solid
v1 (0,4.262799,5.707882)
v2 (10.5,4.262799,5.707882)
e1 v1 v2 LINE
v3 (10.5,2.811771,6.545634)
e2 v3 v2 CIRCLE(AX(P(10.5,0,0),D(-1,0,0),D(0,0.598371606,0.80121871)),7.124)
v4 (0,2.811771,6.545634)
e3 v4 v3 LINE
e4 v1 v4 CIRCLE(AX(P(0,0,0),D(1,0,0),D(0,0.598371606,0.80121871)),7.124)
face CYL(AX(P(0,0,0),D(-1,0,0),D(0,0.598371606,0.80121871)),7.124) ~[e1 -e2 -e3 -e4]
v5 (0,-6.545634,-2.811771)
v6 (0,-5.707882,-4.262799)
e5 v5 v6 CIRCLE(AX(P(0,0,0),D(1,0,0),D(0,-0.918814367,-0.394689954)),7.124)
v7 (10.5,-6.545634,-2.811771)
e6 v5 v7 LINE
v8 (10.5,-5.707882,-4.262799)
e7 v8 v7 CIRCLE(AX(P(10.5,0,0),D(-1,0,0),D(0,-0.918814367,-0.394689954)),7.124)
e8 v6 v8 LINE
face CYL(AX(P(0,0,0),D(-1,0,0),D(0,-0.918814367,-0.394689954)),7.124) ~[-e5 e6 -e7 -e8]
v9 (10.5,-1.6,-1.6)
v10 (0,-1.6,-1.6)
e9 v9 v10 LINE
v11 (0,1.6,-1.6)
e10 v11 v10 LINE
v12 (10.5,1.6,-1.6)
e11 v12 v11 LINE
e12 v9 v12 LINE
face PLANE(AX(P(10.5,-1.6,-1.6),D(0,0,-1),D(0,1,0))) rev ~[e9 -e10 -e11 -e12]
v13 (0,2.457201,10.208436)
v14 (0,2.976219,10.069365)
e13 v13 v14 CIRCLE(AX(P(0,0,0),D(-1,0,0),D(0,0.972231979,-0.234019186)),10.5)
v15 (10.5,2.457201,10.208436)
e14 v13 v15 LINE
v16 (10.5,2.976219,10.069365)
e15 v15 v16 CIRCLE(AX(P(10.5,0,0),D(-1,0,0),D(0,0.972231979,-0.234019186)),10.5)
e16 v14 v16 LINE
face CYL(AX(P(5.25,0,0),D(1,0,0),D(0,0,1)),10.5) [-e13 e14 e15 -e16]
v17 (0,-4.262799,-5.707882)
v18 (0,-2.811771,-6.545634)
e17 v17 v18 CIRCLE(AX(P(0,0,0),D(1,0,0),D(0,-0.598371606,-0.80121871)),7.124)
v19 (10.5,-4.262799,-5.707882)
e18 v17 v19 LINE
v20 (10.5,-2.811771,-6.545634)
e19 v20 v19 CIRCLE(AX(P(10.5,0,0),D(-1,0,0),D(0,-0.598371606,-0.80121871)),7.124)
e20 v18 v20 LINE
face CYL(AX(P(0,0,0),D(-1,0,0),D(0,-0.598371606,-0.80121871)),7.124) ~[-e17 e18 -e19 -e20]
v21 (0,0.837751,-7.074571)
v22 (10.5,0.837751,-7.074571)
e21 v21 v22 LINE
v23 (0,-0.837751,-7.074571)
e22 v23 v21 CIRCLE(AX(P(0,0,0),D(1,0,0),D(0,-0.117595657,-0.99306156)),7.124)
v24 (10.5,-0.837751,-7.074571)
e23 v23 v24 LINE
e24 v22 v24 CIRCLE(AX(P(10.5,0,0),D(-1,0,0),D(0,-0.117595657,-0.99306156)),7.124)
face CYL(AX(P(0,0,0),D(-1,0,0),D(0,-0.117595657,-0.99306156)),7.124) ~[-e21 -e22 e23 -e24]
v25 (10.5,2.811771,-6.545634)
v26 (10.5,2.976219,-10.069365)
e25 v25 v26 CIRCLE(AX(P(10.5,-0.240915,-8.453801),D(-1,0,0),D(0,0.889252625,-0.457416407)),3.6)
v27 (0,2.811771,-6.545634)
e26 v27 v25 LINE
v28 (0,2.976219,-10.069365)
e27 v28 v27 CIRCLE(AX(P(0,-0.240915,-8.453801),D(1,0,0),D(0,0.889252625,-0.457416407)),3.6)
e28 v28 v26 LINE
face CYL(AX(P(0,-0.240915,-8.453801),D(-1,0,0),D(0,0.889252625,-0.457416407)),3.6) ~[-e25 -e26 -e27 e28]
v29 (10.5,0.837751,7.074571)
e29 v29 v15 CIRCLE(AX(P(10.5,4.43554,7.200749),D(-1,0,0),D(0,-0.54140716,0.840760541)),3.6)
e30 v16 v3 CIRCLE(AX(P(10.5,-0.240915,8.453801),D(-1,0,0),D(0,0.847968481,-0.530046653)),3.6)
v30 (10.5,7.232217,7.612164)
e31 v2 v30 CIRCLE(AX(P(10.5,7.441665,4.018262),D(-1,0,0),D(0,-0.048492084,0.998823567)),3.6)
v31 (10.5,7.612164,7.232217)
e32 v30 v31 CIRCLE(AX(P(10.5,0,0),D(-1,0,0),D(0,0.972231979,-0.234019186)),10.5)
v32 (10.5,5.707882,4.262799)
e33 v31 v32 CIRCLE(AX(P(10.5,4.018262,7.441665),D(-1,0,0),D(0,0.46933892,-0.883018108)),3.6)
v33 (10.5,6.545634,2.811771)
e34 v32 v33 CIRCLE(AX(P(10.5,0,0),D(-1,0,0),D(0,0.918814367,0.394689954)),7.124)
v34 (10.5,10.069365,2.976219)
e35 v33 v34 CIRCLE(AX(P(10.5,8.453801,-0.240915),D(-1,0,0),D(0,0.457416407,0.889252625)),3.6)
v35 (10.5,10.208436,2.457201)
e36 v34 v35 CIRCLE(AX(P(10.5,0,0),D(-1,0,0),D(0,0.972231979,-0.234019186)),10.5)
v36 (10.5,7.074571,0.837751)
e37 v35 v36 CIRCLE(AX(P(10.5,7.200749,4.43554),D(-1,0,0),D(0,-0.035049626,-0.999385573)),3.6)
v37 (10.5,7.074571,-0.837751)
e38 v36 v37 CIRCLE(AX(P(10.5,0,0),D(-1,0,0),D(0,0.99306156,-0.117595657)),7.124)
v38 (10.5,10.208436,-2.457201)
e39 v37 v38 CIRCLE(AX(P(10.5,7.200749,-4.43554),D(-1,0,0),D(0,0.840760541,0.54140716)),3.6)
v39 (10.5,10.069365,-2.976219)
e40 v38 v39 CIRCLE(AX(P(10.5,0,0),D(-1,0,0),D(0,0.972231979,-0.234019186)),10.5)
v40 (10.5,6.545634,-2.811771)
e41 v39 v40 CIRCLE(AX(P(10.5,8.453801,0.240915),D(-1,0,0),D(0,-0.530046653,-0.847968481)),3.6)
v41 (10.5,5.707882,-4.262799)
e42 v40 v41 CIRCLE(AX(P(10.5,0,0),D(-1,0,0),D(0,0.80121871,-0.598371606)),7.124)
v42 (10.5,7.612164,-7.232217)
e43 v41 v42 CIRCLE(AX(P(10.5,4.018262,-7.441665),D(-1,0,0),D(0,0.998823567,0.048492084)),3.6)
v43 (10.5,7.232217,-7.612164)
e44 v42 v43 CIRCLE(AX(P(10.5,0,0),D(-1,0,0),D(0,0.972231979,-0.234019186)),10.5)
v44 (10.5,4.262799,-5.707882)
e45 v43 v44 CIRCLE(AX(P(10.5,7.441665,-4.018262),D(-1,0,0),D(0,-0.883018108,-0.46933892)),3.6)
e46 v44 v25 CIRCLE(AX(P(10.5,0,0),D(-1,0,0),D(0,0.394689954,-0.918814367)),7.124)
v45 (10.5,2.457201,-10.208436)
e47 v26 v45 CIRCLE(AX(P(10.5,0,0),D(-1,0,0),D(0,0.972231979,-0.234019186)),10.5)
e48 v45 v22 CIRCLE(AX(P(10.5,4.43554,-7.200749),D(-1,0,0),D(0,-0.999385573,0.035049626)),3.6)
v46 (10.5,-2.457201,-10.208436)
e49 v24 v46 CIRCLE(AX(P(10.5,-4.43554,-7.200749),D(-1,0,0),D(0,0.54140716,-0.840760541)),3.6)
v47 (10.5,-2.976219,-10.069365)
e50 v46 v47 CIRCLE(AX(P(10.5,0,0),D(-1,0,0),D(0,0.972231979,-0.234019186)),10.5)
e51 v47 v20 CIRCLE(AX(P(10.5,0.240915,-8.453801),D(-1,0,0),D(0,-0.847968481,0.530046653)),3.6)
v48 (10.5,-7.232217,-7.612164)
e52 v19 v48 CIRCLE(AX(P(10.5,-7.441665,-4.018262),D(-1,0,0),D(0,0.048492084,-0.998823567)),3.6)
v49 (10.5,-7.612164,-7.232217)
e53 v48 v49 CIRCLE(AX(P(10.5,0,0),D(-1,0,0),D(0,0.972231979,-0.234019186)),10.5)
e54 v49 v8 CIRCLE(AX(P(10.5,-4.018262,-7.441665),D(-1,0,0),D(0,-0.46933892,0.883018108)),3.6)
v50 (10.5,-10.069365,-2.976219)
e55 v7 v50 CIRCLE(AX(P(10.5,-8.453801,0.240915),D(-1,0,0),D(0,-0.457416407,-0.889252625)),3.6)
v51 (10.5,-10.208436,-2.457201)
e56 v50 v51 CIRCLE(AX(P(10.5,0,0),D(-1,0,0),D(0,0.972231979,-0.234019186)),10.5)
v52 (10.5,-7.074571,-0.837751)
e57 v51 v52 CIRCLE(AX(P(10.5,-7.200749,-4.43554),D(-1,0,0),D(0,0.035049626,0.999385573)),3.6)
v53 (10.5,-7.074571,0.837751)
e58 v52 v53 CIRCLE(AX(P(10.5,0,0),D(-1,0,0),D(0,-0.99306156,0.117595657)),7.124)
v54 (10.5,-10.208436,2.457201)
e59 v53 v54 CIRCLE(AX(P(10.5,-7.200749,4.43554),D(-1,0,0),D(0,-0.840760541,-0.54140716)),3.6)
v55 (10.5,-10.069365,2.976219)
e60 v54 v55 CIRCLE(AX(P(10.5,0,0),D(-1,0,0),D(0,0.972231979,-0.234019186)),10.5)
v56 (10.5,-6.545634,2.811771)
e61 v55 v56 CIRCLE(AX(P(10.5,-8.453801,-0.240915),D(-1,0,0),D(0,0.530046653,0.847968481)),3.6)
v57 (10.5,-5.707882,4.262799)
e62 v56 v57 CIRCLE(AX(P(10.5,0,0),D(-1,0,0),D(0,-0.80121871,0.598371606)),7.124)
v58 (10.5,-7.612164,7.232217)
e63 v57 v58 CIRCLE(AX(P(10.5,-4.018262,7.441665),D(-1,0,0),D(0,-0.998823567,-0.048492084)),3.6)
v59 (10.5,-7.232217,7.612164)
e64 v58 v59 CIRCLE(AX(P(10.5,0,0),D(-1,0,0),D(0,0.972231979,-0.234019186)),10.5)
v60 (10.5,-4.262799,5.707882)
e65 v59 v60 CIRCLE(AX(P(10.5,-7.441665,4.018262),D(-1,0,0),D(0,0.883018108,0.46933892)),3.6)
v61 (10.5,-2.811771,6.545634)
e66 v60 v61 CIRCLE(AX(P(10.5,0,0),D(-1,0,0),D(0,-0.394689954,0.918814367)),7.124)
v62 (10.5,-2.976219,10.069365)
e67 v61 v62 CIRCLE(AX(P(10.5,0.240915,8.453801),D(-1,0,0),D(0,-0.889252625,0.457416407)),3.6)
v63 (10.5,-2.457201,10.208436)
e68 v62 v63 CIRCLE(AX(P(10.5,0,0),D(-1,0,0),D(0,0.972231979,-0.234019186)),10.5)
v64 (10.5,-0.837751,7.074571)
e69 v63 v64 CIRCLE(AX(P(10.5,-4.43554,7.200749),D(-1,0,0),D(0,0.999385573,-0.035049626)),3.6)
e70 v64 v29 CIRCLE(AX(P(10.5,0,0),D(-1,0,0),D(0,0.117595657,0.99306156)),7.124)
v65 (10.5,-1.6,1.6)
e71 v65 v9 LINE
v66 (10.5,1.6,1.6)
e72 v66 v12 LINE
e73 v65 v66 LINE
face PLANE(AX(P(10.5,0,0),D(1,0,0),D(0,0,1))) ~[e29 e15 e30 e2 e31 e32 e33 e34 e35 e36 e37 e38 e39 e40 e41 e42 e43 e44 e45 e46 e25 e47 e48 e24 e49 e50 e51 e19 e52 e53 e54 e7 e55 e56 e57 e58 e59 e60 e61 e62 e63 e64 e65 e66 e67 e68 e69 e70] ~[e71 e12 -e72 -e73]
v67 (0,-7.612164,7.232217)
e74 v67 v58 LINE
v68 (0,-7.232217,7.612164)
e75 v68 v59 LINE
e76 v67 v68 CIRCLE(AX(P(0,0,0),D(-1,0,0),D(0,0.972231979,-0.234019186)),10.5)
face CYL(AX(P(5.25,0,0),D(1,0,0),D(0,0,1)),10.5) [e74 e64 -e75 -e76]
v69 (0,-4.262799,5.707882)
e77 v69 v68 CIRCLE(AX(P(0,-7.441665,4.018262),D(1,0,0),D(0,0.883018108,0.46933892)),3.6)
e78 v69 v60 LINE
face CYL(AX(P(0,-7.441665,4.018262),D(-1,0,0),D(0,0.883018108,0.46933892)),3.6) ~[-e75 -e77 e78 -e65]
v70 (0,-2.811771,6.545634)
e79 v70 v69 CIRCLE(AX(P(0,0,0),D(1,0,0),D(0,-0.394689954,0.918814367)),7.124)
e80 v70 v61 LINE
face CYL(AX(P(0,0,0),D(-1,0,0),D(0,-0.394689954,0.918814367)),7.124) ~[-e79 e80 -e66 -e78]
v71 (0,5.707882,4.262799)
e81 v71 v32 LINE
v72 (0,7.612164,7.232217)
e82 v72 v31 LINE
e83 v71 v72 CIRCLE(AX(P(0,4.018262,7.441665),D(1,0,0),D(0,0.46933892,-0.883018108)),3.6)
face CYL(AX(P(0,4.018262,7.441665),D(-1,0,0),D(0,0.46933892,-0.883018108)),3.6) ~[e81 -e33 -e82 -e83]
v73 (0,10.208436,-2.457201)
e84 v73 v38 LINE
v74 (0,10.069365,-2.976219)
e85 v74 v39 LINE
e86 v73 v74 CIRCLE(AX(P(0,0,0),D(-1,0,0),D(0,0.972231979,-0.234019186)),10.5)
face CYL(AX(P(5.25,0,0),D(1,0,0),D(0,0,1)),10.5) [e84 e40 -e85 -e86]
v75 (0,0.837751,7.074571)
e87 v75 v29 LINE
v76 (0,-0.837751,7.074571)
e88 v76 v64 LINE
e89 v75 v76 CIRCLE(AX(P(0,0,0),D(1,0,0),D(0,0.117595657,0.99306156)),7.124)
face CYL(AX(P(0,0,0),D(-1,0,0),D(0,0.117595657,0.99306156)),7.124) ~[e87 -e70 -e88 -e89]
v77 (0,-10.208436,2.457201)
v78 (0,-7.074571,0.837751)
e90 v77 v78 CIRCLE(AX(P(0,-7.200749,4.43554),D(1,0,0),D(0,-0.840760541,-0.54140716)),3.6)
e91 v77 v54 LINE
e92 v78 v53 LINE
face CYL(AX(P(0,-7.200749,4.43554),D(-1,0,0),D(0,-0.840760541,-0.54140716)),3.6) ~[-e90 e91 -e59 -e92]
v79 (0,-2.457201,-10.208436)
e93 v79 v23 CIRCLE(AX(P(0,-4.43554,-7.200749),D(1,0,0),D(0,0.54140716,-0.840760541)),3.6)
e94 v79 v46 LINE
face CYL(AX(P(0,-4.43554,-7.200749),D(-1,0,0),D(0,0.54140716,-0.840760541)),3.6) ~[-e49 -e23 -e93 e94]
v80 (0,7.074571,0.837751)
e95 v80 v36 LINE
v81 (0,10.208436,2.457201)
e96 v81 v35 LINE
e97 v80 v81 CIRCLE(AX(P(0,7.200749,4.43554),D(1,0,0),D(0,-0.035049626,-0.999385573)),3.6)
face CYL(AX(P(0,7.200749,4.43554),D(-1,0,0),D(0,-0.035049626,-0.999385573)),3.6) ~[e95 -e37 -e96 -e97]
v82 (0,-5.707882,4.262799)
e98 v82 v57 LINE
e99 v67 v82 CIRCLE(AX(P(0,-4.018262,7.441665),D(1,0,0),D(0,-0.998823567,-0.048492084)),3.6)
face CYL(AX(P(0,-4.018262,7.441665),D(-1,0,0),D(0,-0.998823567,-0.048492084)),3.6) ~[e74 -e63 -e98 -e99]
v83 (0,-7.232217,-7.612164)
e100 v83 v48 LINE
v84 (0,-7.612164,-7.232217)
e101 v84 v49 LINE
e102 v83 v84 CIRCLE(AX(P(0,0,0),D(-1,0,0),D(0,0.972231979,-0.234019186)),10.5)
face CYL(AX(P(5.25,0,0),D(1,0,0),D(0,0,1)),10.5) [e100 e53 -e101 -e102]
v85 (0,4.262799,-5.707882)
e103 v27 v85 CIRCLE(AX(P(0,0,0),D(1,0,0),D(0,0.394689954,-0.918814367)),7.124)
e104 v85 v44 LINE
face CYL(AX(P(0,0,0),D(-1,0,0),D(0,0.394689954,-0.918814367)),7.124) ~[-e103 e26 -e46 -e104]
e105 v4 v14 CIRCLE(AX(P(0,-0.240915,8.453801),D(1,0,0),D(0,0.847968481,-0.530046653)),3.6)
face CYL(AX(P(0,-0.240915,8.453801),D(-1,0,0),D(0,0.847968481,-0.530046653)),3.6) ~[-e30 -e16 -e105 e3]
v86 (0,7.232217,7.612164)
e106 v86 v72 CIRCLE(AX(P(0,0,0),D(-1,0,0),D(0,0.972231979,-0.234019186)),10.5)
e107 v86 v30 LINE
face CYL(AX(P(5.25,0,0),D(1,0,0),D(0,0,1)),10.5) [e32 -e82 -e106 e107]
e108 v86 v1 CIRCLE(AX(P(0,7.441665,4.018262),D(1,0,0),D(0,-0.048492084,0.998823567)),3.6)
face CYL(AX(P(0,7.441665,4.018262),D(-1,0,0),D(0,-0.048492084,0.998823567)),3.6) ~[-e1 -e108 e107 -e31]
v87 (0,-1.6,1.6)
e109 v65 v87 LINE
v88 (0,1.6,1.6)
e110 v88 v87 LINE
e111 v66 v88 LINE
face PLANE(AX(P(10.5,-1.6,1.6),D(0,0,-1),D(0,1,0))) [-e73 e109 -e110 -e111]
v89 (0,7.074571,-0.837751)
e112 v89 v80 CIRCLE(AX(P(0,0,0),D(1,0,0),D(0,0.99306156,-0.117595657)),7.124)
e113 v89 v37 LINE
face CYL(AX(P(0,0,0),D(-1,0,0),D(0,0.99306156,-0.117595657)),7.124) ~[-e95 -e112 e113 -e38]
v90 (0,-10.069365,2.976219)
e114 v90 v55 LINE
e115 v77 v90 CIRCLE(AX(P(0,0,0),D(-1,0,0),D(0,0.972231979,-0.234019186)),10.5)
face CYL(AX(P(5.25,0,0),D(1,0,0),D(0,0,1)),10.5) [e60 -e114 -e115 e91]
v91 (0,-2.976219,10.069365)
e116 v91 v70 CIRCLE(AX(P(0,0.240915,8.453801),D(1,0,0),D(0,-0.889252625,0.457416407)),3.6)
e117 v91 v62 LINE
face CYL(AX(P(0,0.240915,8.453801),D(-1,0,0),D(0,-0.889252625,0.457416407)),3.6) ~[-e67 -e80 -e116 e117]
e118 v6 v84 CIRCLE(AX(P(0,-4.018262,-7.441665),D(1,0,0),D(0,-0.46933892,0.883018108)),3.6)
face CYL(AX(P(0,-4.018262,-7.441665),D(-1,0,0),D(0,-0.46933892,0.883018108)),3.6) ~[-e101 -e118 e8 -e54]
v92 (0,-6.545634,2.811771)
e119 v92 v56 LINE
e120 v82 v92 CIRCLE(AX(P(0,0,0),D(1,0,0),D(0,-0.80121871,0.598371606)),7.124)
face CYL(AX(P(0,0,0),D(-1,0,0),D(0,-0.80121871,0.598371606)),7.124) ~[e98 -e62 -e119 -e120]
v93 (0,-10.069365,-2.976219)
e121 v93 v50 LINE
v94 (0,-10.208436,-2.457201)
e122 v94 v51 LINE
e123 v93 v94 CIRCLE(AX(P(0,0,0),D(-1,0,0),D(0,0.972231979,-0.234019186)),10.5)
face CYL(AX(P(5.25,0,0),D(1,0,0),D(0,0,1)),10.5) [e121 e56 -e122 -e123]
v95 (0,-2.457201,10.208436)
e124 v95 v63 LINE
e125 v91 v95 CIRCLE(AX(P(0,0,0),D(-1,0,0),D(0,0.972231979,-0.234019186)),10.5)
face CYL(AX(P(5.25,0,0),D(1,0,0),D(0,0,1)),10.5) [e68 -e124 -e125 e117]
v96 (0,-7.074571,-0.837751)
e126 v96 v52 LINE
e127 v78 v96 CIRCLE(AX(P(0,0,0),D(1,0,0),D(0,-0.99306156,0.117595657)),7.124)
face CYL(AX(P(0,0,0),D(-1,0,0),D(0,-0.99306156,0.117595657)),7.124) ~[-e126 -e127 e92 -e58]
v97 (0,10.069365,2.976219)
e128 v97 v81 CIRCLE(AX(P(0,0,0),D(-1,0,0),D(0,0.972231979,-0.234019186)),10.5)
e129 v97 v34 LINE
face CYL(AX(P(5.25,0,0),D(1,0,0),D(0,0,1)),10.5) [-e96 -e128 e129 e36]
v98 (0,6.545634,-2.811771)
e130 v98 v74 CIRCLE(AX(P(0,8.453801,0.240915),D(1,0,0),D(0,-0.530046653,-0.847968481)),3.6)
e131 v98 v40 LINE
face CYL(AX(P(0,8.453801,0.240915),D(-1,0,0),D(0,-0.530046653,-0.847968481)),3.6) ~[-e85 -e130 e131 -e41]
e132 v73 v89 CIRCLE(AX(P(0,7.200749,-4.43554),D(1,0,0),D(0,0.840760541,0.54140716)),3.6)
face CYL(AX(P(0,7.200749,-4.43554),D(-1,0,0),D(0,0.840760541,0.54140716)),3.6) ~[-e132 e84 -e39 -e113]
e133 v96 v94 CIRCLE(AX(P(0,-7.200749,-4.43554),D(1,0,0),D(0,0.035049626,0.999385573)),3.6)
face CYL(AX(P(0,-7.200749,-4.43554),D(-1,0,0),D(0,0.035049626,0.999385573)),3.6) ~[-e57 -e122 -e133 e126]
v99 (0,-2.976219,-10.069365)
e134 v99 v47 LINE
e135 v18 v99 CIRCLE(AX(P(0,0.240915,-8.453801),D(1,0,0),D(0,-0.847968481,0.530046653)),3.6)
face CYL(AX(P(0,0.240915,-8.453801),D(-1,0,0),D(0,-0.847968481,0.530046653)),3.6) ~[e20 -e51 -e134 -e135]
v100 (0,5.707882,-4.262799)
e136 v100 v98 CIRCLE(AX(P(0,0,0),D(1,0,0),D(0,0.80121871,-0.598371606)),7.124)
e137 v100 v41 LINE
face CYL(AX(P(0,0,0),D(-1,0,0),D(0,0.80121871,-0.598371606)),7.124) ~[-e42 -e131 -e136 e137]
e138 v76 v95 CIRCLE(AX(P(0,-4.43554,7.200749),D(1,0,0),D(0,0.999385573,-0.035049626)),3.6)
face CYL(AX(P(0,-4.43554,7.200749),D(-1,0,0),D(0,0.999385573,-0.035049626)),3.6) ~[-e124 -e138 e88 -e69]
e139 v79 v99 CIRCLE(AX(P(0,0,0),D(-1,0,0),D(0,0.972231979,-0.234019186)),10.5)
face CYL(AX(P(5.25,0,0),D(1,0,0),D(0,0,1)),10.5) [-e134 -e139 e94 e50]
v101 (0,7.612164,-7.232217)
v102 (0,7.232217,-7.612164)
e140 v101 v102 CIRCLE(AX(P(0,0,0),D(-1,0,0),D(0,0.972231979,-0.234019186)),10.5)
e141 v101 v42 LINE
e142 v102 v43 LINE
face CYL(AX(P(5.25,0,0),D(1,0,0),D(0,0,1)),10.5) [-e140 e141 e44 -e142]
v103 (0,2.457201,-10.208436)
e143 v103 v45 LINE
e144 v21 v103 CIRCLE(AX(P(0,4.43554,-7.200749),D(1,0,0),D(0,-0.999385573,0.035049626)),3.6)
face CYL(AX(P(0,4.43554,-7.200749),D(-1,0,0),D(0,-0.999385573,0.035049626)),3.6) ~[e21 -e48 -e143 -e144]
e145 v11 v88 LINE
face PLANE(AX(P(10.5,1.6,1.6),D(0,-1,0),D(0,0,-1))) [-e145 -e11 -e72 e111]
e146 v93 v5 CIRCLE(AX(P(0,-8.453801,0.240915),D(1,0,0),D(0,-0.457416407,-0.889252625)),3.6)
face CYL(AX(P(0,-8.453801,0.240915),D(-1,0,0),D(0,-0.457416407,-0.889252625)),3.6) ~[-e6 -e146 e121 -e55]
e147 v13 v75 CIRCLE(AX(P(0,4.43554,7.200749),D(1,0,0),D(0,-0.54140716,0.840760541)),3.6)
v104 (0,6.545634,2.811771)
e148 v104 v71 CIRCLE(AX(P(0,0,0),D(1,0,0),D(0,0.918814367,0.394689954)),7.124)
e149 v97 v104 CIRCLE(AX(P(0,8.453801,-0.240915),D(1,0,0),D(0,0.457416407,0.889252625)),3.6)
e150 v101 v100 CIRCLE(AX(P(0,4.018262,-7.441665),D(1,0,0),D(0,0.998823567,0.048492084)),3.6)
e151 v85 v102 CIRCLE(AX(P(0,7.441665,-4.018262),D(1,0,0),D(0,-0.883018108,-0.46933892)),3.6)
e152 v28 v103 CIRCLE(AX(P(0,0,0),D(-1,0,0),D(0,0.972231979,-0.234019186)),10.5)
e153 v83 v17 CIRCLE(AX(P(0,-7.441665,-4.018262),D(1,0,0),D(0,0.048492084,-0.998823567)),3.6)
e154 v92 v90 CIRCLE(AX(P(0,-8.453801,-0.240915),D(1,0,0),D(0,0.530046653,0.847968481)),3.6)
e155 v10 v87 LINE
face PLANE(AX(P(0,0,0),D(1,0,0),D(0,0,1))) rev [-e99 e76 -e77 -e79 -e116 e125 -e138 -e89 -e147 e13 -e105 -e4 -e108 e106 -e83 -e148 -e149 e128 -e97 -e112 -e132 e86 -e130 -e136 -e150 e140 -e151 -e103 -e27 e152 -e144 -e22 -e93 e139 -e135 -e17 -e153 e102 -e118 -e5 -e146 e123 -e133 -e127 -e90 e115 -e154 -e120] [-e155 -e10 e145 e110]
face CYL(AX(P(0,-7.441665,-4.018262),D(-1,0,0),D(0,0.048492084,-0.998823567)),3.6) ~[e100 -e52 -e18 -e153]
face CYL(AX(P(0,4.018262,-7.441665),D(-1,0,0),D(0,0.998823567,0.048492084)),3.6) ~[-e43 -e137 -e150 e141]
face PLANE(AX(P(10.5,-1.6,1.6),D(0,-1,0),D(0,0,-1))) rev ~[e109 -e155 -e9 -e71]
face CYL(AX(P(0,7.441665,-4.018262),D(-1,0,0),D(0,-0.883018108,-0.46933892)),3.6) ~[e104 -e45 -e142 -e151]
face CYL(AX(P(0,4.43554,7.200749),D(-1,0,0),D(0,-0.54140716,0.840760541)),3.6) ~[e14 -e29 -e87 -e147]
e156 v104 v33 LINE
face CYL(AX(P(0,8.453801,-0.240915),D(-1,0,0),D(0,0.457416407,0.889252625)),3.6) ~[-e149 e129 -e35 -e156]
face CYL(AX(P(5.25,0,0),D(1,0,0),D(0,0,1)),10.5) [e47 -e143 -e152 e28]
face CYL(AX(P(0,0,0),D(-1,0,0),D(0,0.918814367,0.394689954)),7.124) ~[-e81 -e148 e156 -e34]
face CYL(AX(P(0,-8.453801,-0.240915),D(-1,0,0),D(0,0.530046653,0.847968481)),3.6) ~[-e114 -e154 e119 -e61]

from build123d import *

# Parameters (mm, degrees)
BASPROSKE_W        = 10.5
BASPROSKE_H        = 10.5
TOOTHCUT_DEPTH     = 19.186533479
TEETHCUTS_COUNT    = 12
TEETHCUTS_ANGLE    = 330
BORSKE_R           = 0.5
BORE_DEPTH         = 50.0000508
SKETCH1_W          = 3.2
SKETCH1_H          = 3.2
CUT_EXTRUDE1_DEPTH = 30


with BuildPart() as part:
    # BasProSke → Base-Revolve (revolve)
    with BuildSketch(Plane(origin=(0, 0, 0), x_dir=(1, 0, 0), z_dir=(0, 1, 0)), mode=Mode.PRIVATE) as base_revolve_sk:
        with Locations((5.25, 5.25)):
            Rectangle(BASPROSKE_W, BASPROSKE_H)
    revolve(base_revolve_sk.sketch.rotate(Axis((-10, 0, 0), (1, 0, 0)), 180), axis=Axis((-10, 0, 0), (1, 0, 0)))

    # TooCutSke → ToothCut (cut, through all)
    with BuildSketch(Plane(origin=(0, 0, 0), x_dir=(0, 0, -1), z_dir=(1, 0, 0))):
        with BuildLine():
            ThreePointArc((0.837751456, 7.074570552), (0, 7.124), (-0.837751456, 7.074570552))
            ThreePointArc((-0.837751456, 7.074570552), (-1.245380016, 8.868946541), (-2.486473743, 10.227487154))
            ThreePointArc((-2.486473743, 10.227487154), (0, 10.5254), (2.486473743, 10.227487154))
            ThreePointArc((2.486473743, 10.227487154), (1.245380016, 8.868946541), (0.837751456, 7.074570552))
        make_face()
    toothcut = extrude(amount=TOOTHCUT_DEPTH, mode=Mode.SUBTRACT)

    # TeethCuts: ToothCut ×12 about axis
    teethcuts_axis = Axis((-10, 0, 0), (1, 0, 0))
    for i in range(1, TEETHCUTS_COUNT):
        add(toothcut.rotate(teethcuts_axis, i * TEETHCUTS_ANGLE / (TEETHCUTS_COUNT - 1)), mode=Mode.SUBTRACT)

    # BorSke → Bore (cut, symmetric)
    with BuildSketch(Plane(origin=(0, 0, 0), x_dir=(0, 0, -1), z_dir=(1, 0, 0))):
        with Locations(Location((0, 0, 0), (0, 0, 180))):
            Circle(BORSKE_R)
    extrude(amount=BORE_DEPTH, both=True, mode=Mode.SUBTRACT)

    # Sketch1 → Cut-Extrude1 (cut)
    with BuildSketch(Plane(origin=(10.5, 0, 0), x_dir=(0, 0, -1), z_dir=(1, 0, 0))):
        Rectangle(SKETCH1_W, SKETCH1_H)
    extrude(amount=-CUT_EXTRUDE1_DEPTH, mode=Mode.SUBTRACT)


solid = part.part
